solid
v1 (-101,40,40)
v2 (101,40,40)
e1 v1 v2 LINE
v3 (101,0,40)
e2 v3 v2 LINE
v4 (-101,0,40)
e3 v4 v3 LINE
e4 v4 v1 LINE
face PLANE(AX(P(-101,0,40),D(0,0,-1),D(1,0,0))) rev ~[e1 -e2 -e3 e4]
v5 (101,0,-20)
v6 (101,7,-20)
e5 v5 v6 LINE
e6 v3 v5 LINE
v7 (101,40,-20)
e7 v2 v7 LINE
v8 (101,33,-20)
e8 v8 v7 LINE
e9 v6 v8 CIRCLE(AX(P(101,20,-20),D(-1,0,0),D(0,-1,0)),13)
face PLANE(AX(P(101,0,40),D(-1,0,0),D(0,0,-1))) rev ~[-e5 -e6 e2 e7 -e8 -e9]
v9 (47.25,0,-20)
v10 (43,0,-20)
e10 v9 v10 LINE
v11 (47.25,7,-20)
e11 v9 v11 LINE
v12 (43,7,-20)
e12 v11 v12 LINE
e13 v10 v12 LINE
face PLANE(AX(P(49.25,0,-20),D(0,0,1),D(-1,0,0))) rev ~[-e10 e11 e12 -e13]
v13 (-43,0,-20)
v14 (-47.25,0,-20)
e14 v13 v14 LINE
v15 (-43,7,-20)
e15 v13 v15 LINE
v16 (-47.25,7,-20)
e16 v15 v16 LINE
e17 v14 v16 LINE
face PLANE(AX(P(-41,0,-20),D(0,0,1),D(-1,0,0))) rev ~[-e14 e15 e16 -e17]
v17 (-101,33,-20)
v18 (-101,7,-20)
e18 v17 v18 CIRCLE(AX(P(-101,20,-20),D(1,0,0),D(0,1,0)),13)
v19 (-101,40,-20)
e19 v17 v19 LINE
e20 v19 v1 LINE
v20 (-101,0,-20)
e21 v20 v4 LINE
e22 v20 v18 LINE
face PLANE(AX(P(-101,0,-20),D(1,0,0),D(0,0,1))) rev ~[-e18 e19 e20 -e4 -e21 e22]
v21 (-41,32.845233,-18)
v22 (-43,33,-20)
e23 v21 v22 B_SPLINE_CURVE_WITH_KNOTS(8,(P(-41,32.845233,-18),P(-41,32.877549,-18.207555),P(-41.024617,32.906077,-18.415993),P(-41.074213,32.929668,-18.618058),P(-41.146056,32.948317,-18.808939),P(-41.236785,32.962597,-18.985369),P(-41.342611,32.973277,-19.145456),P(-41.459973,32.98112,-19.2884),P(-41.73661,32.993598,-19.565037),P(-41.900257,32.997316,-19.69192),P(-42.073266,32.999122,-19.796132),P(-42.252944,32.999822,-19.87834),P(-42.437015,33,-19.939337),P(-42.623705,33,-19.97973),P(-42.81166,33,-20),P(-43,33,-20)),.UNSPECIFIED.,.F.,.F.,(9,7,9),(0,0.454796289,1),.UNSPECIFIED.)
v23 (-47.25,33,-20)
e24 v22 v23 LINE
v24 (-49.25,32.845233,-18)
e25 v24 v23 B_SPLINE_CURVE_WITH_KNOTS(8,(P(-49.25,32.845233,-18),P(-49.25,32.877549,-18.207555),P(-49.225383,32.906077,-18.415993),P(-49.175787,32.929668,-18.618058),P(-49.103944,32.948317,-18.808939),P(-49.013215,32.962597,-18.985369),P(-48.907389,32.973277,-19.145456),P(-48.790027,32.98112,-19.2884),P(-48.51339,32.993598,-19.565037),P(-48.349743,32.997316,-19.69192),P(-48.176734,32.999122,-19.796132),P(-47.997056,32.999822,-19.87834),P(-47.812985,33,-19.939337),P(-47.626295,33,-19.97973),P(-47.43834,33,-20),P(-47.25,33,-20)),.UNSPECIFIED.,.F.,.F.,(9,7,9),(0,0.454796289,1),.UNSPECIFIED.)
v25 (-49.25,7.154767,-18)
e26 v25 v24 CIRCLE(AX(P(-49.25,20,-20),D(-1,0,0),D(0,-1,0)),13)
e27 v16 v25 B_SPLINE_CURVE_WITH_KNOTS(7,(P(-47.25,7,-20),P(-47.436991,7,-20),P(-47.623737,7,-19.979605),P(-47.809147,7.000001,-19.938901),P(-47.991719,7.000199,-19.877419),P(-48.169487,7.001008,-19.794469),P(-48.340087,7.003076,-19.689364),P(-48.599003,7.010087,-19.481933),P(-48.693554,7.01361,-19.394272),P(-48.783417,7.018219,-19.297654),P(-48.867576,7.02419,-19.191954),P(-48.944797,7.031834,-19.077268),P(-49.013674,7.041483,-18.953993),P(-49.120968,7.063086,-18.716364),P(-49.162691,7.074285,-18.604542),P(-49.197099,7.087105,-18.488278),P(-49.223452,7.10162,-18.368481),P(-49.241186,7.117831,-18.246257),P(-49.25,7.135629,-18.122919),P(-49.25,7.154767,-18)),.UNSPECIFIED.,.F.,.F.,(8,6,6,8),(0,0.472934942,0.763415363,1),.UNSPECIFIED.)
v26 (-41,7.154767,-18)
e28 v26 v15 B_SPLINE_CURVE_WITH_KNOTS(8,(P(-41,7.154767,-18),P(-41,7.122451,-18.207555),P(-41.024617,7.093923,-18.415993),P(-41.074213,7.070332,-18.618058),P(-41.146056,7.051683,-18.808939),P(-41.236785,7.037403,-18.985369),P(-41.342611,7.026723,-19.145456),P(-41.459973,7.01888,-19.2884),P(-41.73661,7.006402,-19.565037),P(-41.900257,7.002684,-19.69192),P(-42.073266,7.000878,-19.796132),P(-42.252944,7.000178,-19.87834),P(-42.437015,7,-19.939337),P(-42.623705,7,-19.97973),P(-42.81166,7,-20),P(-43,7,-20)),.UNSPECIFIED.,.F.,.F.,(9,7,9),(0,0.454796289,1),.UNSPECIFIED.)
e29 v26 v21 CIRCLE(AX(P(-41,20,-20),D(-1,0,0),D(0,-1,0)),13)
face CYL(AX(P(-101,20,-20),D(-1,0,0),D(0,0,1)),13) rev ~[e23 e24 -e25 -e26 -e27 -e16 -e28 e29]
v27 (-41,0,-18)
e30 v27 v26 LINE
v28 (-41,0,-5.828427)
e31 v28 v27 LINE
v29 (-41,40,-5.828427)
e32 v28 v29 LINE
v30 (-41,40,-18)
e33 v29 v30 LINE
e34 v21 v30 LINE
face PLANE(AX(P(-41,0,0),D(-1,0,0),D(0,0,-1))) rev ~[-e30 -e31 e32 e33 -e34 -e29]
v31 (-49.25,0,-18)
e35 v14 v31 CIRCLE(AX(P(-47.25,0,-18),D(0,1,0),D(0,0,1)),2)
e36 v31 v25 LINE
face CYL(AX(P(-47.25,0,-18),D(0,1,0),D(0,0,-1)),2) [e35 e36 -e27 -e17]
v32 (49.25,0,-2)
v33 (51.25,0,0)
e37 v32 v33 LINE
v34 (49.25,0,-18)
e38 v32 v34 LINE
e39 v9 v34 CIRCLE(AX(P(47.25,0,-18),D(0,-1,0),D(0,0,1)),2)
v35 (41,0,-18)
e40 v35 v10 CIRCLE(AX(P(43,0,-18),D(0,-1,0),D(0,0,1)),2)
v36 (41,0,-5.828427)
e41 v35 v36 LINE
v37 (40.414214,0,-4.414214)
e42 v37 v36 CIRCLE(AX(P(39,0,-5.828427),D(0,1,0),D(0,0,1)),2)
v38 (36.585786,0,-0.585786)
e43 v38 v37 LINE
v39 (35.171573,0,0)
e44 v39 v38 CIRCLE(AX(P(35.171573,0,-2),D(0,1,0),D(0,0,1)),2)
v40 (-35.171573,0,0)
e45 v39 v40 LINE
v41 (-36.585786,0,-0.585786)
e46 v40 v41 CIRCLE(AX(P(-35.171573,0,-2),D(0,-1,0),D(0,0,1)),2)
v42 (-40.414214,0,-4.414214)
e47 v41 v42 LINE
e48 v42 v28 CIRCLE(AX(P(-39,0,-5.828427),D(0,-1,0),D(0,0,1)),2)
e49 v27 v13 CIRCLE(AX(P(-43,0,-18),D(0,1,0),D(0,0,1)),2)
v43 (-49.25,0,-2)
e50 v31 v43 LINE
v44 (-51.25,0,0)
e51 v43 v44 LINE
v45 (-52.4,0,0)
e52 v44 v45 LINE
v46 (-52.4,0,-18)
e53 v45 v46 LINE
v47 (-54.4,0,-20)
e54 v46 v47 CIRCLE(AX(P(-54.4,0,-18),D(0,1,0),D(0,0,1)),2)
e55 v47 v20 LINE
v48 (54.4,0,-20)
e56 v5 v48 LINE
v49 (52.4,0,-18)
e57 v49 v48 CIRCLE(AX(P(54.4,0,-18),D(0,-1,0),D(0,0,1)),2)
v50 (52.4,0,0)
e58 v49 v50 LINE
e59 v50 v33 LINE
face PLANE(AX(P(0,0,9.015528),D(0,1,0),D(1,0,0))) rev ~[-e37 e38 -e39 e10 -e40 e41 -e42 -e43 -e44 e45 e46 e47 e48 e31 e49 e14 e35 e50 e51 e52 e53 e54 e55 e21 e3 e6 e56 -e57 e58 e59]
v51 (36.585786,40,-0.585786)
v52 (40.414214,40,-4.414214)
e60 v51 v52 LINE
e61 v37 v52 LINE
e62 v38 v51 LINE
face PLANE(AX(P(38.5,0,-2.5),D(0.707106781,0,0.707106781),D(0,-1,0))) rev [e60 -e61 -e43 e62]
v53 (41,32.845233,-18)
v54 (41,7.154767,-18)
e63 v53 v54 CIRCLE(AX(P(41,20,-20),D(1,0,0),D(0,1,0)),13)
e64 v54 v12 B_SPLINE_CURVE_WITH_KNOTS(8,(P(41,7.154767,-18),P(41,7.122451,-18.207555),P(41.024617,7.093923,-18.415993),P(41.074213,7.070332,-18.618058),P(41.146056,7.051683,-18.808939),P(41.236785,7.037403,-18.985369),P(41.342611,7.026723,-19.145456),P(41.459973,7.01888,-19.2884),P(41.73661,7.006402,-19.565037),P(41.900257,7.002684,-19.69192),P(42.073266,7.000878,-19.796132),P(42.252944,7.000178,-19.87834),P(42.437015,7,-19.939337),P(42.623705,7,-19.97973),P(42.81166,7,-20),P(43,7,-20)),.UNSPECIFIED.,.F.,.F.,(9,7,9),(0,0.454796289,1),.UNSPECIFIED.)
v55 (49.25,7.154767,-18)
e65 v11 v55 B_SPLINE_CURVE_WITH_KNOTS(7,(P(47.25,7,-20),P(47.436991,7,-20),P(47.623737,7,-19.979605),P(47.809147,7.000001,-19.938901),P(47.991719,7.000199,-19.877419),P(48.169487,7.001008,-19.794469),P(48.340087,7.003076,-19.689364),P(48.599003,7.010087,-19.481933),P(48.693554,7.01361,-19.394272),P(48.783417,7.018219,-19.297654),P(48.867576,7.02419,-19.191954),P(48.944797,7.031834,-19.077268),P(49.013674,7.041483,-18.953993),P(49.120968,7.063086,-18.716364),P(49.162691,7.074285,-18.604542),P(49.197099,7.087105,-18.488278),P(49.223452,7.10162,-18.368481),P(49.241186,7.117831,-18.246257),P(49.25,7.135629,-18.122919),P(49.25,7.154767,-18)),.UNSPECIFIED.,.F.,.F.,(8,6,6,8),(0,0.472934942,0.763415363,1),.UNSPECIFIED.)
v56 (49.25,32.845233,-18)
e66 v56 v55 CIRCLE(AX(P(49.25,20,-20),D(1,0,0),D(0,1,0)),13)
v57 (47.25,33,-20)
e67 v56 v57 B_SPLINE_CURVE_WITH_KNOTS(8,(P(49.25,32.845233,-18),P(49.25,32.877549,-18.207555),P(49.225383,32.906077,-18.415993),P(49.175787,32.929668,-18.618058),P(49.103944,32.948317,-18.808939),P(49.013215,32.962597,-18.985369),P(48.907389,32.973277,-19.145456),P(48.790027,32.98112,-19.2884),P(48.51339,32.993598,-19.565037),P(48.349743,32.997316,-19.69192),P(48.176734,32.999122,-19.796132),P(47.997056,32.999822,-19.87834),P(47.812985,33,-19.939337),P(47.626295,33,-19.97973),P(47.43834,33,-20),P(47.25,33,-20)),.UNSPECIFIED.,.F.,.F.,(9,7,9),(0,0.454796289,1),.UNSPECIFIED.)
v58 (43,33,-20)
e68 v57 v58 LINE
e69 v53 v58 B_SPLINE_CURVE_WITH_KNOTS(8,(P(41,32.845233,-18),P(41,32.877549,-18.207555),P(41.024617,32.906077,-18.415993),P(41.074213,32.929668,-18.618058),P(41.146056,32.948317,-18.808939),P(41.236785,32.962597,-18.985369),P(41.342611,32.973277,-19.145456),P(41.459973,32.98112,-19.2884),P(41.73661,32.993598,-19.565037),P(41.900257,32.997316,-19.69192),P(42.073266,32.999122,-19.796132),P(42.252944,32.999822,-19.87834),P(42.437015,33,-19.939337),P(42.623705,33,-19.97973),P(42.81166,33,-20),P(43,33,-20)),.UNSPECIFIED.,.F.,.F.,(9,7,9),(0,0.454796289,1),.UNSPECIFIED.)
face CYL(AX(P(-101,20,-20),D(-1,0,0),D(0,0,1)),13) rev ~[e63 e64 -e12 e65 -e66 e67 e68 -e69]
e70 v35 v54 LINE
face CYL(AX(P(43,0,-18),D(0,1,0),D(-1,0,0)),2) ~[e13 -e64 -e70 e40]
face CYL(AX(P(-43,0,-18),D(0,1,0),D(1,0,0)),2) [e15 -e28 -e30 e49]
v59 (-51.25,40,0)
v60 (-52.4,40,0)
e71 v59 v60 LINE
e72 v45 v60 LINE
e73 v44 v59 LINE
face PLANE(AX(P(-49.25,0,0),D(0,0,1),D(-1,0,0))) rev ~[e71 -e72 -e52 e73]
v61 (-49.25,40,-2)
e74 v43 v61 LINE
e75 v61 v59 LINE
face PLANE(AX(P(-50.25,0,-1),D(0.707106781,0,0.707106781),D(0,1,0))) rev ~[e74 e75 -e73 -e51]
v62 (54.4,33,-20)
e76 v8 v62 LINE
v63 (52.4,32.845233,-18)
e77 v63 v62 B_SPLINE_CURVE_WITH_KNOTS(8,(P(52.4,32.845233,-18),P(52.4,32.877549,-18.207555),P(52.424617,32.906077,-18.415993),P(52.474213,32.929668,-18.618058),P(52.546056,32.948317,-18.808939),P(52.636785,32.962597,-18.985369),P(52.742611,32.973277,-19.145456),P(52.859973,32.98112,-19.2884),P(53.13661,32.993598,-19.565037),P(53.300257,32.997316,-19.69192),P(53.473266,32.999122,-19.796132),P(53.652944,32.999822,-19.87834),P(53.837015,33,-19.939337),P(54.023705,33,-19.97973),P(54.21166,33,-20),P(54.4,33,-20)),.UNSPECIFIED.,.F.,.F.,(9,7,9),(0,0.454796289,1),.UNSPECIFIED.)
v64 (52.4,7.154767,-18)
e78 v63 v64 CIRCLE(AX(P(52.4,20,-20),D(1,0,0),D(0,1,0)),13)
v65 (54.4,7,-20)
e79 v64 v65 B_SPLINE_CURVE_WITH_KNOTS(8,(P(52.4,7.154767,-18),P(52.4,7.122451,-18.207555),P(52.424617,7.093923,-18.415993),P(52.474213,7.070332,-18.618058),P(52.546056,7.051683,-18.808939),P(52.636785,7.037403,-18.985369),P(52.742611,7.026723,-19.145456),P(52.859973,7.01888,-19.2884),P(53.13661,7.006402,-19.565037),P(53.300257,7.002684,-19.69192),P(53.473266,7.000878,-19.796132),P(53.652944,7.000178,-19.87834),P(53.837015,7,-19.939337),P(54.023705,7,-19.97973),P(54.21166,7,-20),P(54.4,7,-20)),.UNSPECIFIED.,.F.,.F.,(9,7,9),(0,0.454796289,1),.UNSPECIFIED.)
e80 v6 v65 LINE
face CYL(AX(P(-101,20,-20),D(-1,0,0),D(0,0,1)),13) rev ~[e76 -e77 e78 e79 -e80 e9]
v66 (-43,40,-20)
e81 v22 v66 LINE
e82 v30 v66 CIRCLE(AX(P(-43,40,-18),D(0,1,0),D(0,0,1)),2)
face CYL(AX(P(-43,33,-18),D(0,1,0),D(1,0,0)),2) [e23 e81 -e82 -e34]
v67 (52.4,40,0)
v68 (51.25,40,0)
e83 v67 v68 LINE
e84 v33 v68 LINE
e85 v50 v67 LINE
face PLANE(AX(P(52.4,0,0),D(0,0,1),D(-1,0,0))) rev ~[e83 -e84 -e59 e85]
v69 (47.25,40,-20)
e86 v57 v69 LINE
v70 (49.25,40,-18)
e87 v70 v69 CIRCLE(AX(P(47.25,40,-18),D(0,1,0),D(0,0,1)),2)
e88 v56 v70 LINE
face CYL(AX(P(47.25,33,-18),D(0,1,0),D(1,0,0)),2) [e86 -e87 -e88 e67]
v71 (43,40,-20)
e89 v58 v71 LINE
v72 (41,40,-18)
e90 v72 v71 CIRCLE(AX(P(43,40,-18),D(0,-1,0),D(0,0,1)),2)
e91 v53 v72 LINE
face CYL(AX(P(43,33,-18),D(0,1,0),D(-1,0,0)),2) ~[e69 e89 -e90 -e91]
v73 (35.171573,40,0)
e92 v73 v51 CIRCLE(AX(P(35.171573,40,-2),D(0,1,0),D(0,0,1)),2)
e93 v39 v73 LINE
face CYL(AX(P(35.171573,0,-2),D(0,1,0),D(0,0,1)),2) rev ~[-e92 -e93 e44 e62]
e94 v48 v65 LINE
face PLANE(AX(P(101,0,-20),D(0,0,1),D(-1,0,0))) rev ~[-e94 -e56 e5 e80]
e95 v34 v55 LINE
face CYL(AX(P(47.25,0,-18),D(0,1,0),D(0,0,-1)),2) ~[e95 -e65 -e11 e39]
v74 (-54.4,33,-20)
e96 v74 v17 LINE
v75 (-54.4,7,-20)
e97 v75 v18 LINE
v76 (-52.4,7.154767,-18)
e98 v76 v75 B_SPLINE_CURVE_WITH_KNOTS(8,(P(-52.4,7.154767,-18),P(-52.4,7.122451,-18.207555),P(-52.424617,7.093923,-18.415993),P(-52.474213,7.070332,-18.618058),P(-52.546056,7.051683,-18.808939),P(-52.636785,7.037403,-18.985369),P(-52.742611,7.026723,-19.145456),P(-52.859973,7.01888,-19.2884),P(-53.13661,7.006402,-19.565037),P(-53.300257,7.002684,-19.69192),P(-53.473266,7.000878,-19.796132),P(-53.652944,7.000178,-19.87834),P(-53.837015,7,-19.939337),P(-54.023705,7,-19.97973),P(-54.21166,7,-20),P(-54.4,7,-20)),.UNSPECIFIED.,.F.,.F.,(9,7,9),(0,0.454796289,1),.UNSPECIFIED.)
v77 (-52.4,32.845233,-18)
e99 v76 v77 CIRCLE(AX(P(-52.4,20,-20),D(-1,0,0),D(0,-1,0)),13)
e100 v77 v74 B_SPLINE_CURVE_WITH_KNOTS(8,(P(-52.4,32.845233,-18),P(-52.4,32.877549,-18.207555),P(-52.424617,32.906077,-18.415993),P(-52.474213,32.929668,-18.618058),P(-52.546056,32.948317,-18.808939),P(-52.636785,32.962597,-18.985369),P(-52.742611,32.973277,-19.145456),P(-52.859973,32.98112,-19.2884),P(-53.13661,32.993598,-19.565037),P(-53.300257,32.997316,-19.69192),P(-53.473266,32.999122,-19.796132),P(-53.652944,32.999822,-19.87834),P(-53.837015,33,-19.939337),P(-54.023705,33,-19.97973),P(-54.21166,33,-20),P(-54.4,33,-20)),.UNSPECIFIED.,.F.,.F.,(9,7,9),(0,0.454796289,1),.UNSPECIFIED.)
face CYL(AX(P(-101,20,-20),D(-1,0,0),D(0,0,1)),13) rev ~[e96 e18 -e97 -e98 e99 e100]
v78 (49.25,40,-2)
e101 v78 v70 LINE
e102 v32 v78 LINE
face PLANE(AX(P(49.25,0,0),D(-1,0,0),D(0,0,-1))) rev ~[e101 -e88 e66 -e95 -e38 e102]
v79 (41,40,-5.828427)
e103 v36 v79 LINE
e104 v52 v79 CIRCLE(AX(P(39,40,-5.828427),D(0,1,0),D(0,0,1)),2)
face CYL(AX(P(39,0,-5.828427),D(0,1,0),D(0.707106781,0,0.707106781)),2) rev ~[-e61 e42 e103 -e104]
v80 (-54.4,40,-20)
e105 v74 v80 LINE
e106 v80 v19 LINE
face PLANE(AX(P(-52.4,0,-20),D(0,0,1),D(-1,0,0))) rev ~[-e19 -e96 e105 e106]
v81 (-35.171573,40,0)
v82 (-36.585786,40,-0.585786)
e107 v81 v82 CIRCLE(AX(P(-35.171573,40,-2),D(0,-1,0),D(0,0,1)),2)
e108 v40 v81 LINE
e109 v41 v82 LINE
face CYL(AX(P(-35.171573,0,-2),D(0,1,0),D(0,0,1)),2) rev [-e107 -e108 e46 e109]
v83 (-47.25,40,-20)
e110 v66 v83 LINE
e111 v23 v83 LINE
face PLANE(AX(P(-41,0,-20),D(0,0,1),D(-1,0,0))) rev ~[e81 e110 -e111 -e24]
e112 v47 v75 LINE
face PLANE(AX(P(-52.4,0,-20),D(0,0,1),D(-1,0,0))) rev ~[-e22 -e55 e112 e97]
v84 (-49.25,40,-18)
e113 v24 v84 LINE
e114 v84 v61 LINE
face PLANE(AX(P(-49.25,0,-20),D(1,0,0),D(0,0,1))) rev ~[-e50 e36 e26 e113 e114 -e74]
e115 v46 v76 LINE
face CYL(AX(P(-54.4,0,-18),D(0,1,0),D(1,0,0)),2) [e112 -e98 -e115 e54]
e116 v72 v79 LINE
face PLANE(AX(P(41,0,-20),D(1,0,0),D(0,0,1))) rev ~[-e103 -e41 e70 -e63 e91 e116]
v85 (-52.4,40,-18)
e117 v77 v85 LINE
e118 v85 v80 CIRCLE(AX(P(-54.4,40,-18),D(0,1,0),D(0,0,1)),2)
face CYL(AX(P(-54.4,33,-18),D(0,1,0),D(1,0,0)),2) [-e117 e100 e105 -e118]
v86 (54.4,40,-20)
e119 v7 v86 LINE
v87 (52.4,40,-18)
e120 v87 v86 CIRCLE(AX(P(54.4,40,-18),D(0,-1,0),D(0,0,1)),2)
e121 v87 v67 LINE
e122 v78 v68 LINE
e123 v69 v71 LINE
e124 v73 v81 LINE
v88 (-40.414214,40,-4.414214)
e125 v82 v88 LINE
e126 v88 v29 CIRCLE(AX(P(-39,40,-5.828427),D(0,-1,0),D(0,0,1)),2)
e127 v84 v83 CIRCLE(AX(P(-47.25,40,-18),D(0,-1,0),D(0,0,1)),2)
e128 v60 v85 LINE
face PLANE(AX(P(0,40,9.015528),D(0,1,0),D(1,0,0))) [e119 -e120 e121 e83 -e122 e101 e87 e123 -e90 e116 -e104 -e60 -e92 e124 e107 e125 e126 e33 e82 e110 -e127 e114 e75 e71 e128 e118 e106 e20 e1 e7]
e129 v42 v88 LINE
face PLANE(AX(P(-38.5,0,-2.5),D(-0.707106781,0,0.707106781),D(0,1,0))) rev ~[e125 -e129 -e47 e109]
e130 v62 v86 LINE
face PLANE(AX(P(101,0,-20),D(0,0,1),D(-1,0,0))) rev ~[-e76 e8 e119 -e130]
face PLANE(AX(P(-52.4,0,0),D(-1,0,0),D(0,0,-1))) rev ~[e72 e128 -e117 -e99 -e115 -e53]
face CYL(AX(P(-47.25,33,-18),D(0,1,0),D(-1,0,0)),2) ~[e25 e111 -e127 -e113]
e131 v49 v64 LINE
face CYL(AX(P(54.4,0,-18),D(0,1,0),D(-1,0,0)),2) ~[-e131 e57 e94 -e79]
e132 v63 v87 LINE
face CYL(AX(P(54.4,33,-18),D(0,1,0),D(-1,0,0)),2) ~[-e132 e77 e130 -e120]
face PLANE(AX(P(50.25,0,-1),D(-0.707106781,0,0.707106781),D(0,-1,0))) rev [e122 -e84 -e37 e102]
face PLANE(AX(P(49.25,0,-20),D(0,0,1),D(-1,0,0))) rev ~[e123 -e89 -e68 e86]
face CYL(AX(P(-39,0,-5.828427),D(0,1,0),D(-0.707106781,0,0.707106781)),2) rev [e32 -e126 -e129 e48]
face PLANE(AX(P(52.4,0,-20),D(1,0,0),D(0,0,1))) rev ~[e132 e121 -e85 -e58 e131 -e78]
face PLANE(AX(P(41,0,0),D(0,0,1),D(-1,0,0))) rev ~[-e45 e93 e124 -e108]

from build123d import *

# Parameters (mm, degrees)
BOSS_EXTRUDE1_DEPTH = 40
SKETCH2_R           = 13
CUT_EXTRUDE1_DEPTH  = 210.771304043
CHAMFER1_SIZE       = 5
FILLET3_R           = 2
CHAMFER2_SIZE       = 2


with BuildPart() as part:
    # Sketch1 → Boss-Extrude1 (new body)
    with BuildSketch(Plane(origin=(0, 0, 0), x_dir=(1, 0, 0), z_dir=(0, 1, 0))):
        Polygon((41, 0), (-41, 0), (-41, 20), (-49.25, 20), (-49.25, 0), (-52.4, 0), (-52.4, 20), (-101, 20), (-101, -40), (101, -40), (101, 20), (52.4, 20), (52.4, 0), (49.25, 0), (49.25, 20), (41, 20), align=None)
    extrude(amount=BOSS_EXTRUDE1_DEPTH)

    # Sketch2 → Cut-Extrude1 (cut, through all)
    with BuildSketch(Plane.ZY.offset(101)):
        with Locations((-20, 20)):
            Circle(SKETCH2_R)
    extrude(amount=-CUT_EXTRUDE1_DEPTH, mode=Mode.SUBTRACT)

    # Chamfer1
    chamfer1_edges = [part.edges().sort_by_distance(p)[0] for p in [
        (-41, 20, 0),
        (41, 20, 0),
    ]]
    chamfer(chamfer1_edges, length=CHAMFER1_SIZE)

    # Fillet3
    fillet3_edges = [part.edges().sort_by_distance(p)[0] for p in [
        (41, 36.5, -20),
        (49.25, 36.5, -20),
        (52.4, 36.5, -20),
        (-52.4, 36.5, -20),
        (-49.25, 36.5, -20),
        (-41, 36.5, -20),
        (41, 3.5, -20),
        (49.25, 3.5, -20),
        (52.4, 3.5, -20),
        (-52.4, 3.5, -20),
        (-49.25, 3.5, -20),
        (-41, 3.5, -20),
        (-36, 20, 0),
        (36, 20, 0),
        (41, 20, -5),
        (-41, 20, -5),
    ]]
    fillet(fillet3_edges, radius=FILLET3_R)

    # Chamfer2
    chamfer2_edges = [part.edges().sort_by_distance(p)[0] for p in [
        (49.25, 20, 0),
        (-49.25, 20, 0),
    ]]
    chamfer(chamfer2_edges, length=CHAMFER2_SIZE)


solid = part.part
